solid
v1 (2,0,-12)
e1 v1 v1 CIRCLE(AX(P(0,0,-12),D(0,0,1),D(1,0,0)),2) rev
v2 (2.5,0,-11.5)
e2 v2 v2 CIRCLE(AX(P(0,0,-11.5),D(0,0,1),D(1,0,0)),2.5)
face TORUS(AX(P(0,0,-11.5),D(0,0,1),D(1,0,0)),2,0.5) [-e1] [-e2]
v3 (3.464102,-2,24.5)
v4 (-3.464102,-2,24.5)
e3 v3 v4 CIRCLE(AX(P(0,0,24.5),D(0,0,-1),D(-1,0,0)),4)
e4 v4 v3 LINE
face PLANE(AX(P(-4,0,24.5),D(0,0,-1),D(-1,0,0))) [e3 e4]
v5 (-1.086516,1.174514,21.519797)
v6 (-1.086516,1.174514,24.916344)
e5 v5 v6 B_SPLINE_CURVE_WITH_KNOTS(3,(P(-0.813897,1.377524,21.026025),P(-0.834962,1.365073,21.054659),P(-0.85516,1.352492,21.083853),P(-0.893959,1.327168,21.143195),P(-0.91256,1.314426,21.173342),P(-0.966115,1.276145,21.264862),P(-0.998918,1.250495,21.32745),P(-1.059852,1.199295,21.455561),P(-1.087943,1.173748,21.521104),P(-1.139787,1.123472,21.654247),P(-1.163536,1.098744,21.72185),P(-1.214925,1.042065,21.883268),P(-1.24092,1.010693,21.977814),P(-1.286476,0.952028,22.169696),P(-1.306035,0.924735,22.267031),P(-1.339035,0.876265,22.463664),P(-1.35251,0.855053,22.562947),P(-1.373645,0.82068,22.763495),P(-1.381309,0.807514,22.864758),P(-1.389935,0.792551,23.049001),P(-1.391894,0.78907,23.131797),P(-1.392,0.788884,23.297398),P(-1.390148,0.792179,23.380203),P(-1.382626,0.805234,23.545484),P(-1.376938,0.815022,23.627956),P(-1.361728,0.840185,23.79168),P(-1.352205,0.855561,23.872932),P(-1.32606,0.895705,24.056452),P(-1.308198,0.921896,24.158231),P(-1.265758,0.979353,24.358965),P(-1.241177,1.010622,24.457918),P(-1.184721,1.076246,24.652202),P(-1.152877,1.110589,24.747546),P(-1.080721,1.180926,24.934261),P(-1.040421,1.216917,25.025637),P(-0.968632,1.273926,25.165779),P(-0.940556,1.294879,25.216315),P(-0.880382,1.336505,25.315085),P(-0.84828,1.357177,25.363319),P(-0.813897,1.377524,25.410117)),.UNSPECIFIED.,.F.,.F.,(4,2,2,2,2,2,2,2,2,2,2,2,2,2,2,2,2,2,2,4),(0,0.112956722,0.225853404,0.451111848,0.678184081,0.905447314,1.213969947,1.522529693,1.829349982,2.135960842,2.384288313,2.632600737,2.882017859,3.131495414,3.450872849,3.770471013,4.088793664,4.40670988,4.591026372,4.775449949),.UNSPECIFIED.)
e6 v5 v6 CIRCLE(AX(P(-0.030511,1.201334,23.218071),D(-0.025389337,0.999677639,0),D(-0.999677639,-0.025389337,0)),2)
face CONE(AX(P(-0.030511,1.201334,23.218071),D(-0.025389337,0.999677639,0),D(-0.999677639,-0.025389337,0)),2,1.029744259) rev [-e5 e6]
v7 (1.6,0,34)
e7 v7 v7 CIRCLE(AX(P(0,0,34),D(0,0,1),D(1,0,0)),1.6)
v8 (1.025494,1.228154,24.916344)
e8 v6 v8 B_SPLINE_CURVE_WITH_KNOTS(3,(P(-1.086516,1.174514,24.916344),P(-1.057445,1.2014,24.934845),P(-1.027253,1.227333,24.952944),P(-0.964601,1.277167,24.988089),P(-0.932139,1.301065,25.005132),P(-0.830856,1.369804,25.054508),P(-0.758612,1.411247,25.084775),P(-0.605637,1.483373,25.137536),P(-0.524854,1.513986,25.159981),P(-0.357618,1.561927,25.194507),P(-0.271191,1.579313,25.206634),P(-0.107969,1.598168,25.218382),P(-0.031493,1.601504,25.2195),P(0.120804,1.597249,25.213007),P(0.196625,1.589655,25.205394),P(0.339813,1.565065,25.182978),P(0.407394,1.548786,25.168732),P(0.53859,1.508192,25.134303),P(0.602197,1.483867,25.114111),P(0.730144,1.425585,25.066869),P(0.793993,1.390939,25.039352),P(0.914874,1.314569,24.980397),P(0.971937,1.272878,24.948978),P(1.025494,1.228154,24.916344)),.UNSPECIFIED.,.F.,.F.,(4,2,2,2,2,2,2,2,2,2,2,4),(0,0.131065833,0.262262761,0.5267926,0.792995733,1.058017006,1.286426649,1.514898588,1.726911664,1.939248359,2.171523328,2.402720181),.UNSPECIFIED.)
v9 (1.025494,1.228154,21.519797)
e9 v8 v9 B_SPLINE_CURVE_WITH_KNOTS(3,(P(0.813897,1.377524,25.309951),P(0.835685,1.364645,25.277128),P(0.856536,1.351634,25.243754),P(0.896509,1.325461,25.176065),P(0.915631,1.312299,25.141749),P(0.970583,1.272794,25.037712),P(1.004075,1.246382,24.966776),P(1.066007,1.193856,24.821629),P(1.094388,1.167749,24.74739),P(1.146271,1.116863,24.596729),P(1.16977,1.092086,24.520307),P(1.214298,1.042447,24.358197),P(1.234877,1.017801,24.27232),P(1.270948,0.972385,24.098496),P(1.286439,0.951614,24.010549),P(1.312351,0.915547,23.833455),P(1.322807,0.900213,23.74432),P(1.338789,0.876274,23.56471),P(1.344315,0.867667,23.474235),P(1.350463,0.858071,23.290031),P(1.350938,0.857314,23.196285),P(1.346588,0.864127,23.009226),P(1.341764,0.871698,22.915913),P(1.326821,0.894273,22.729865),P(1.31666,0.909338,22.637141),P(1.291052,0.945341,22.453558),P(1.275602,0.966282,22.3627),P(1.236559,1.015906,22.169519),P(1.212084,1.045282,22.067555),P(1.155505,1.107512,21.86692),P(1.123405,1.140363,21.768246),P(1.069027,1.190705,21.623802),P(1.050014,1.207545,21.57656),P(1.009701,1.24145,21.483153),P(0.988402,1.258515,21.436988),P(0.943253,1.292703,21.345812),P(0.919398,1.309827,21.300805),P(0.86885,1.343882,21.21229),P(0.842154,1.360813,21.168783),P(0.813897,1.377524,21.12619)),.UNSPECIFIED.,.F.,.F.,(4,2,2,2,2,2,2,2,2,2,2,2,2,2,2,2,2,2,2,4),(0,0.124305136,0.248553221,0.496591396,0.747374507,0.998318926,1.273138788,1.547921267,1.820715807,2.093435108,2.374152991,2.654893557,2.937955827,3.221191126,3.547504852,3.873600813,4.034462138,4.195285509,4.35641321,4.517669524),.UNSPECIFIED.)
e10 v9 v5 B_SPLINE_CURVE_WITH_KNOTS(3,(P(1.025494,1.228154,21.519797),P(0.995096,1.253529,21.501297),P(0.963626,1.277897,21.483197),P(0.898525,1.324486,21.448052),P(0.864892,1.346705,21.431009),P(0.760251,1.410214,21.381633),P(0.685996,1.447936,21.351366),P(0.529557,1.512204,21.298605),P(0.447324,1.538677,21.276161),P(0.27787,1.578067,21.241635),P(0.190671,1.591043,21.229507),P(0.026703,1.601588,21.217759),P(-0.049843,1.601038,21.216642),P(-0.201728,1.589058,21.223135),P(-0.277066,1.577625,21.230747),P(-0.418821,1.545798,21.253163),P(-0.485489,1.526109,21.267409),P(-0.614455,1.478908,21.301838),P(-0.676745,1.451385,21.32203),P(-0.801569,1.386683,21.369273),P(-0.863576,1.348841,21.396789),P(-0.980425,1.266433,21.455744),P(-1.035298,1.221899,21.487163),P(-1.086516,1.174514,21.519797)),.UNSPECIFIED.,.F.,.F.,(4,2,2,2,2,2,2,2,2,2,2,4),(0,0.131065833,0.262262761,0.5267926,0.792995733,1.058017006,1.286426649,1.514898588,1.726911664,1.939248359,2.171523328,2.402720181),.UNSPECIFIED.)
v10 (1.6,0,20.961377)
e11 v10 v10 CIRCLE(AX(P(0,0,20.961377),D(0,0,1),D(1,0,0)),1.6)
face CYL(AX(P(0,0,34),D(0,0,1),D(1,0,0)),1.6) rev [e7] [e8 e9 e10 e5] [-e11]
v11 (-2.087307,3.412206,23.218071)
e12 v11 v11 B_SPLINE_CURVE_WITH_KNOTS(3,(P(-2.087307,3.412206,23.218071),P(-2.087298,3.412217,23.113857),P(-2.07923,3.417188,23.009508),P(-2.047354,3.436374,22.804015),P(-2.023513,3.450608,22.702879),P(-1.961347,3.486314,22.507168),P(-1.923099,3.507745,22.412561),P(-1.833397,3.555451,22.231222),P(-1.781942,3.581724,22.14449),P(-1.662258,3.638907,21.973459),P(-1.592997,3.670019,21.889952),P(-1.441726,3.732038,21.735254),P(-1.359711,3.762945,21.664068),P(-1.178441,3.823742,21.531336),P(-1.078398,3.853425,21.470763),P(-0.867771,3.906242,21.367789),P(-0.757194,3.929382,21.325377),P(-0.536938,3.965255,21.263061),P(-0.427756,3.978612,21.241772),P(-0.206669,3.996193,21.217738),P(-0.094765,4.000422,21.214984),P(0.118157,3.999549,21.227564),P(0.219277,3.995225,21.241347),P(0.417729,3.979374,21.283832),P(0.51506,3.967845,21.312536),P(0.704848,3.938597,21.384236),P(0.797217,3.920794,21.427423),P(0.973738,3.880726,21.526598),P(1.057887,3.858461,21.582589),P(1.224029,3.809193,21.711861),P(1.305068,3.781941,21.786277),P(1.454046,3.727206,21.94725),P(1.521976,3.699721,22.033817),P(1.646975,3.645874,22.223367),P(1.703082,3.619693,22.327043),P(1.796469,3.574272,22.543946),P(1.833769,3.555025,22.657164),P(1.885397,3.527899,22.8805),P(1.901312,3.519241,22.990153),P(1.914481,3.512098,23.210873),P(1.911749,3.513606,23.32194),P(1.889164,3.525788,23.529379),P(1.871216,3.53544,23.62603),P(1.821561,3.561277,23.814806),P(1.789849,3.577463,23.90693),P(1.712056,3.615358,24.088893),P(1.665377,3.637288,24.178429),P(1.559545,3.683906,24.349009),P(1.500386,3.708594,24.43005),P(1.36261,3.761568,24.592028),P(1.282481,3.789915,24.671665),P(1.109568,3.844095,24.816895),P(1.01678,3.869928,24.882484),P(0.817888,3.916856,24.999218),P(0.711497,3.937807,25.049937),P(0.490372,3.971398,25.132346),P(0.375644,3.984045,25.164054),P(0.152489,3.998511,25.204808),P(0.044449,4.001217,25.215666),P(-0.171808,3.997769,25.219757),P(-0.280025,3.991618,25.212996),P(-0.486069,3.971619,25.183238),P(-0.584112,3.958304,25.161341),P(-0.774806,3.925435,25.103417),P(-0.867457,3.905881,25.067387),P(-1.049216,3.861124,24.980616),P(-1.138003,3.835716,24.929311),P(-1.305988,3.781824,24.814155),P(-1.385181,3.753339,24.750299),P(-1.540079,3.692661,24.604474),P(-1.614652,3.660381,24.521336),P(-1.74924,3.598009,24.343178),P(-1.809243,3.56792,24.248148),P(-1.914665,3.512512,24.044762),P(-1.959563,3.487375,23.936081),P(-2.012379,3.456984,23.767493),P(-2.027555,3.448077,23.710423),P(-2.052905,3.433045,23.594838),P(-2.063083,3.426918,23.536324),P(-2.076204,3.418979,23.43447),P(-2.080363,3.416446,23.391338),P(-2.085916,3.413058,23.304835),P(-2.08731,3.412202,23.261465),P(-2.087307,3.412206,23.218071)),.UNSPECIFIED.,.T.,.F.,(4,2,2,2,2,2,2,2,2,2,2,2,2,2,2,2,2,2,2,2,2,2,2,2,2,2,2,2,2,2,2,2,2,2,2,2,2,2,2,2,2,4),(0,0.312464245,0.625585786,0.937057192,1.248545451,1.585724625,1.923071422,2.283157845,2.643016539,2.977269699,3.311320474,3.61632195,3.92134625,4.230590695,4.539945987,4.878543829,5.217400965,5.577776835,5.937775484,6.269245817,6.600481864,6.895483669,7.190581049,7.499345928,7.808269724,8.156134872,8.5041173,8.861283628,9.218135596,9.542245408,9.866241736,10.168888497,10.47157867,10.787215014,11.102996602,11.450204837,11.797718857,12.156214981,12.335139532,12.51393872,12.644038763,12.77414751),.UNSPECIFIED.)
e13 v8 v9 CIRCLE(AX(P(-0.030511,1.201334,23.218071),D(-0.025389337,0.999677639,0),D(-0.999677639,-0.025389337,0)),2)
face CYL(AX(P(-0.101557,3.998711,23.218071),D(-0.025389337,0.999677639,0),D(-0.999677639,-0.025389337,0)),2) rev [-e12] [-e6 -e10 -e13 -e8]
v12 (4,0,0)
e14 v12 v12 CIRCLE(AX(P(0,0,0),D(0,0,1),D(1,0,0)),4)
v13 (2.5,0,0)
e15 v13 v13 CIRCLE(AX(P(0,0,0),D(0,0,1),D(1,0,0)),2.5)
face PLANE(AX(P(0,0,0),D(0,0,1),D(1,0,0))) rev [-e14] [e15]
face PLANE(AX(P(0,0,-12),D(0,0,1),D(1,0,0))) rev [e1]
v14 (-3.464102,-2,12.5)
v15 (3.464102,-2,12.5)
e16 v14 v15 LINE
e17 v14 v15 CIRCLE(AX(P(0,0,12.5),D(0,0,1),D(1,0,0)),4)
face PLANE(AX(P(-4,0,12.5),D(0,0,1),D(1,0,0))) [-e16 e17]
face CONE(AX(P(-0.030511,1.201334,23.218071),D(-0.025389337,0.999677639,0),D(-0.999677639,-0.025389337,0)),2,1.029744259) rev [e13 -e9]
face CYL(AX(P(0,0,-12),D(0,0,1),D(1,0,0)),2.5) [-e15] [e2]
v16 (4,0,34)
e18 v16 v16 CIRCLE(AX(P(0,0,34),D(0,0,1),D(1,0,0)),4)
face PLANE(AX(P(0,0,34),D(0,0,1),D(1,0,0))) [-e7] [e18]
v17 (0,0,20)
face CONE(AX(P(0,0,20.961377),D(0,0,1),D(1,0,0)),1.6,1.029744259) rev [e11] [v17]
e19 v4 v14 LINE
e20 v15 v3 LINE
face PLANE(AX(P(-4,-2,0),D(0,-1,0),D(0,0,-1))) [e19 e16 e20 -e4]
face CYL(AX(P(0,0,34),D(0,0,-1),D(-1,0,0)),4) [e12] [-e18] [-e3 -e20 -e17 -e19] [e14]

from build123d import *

# Parameters (mm, degrees)
SKETCH1_R                      = 2.5
BOSS_EXTRUDE1_DEPTH            = 12
SKETCH2_R                      = 4
BOSS_EXTRUDE2_DEPTH            = 34
F_3_2_3_2_DIAMETER_HOLE1_D     = 3.2
F_3_2_3_2_DIAMETER_HOLE1_DEPTH = 13.03862301
F_3_2_3_2_DIAMETER_HOLE1_TIP   = 0.96137699
CUT_EXTRUDE1_DEPTH             = 35.467375879
CUT_EXTRUDE1_DEPTH_BACK        = 35.467375879
SKETCH6_W                      = 12
SKETCH6_H                      = 2
F_4_0_4_DIAMETER_HOLE3_D       = 4
F_4_0_4_DIAMETER_HOLE3_DEPTH   = 2.798278762
F_4_0_4_DIAMETER_HOLE3_TIP     = 1.201721238
FILLET1_R                      = 0.5


with BuildPart() as part:
    # Sketch1 → Boss-Extrude1 (new body)
    with BuildSketch(Plane.XY):
        Circle(SKETCH1_R)
    extrude(amount=-BOSS_EXTRUDE1_DEPTH)

    # Sketch2 → Boss-Extrude2 (add)
    with BuildSketch(Plane.XY):
        Circle(SKETCH2_R)
    extrude(amount=BOSS_EXTRUDE2_DEPTH)

    # Ø3.2 (3.2) Diameter Hole1
    with Locations(Plane.XY.offset(34)):
        with Locations((0, 0)):
            Hole(F_3_2_3_2_DIAMETER_HOLE1_D / 2, depth=F_3_2_3_2_DIAMETER_HOLE1_DEPTH)
            with Locations((0, 0, -(F_3_2_3_2_DIAMETER_HOLE1_DEPTH + F_3_2_3_2_DIAMETER_HOLE1_TIP / 2))):  # 118° drill point
                Cone(0, F_3_2_3_2_DIAMETER_HOLE1_D / 2, F_3_2_3_2_DIAMETER_HOLE1_TIP, mode=Mode.SUBTRACT)

    # Sketch6 → Cut-Extrude1 (cut, two sides: drawn at the far end of the back side and taken through both)
    with BuildSketch(Plane(origin=(0, 0, 0), x_dir=(0, 0, -1), z_dir=(1, 0, 0)).offset(-CUT_EXTRUDE1_DEPTH_BACK)):
        with Locations((-18.5, -3)):
            Rectangle(SKETCH6_W, SKETCH6_H)
    extrude(amount=CUT_EXTRUDE1_DEPTH + CUT_EXTRUDE1_DEPTH_BACK, mode=Mode.SUBTRACT)

    # Ø4.0 (4) Diameter Hole3
    with Locations(Plane(origin=(-0.101557348, 3.998710555, 23.218070674), x_dir=(0.999677638825, 0.025389337009, 0), z_dir=(-0.025389337009, 0.999677638825, 0))):
        with Locations((0, 0)):
            Hole(F_4_0_4_DIAMETER_HOLE3_D / 2, depth=F_4_0_4_DIAMETER_HOLE3_DEPTH)
            with Locations((0, 0, -(F_4_0_4_DIAMETER_HOLE3_DEPTH + F_4_0_4_DIAMETER_HOLE3_TIP / 2))):  # 118° drill point
                Cone(0, F_4_0_4_DIAMETER_HOLE3_D / 2, F_4_0_4_DIAMETER_HOLE3_TIP, mode=Mode.SUBTRACT)

    # Fillet1
    fillet1_edges = [part.edges().sort_by_distance(p)[0] for p in [
        (-2.5, 0, -12),
    ]]
    fillet(fillet1_edges, radius=FILLET1_R)


solid = part.part
